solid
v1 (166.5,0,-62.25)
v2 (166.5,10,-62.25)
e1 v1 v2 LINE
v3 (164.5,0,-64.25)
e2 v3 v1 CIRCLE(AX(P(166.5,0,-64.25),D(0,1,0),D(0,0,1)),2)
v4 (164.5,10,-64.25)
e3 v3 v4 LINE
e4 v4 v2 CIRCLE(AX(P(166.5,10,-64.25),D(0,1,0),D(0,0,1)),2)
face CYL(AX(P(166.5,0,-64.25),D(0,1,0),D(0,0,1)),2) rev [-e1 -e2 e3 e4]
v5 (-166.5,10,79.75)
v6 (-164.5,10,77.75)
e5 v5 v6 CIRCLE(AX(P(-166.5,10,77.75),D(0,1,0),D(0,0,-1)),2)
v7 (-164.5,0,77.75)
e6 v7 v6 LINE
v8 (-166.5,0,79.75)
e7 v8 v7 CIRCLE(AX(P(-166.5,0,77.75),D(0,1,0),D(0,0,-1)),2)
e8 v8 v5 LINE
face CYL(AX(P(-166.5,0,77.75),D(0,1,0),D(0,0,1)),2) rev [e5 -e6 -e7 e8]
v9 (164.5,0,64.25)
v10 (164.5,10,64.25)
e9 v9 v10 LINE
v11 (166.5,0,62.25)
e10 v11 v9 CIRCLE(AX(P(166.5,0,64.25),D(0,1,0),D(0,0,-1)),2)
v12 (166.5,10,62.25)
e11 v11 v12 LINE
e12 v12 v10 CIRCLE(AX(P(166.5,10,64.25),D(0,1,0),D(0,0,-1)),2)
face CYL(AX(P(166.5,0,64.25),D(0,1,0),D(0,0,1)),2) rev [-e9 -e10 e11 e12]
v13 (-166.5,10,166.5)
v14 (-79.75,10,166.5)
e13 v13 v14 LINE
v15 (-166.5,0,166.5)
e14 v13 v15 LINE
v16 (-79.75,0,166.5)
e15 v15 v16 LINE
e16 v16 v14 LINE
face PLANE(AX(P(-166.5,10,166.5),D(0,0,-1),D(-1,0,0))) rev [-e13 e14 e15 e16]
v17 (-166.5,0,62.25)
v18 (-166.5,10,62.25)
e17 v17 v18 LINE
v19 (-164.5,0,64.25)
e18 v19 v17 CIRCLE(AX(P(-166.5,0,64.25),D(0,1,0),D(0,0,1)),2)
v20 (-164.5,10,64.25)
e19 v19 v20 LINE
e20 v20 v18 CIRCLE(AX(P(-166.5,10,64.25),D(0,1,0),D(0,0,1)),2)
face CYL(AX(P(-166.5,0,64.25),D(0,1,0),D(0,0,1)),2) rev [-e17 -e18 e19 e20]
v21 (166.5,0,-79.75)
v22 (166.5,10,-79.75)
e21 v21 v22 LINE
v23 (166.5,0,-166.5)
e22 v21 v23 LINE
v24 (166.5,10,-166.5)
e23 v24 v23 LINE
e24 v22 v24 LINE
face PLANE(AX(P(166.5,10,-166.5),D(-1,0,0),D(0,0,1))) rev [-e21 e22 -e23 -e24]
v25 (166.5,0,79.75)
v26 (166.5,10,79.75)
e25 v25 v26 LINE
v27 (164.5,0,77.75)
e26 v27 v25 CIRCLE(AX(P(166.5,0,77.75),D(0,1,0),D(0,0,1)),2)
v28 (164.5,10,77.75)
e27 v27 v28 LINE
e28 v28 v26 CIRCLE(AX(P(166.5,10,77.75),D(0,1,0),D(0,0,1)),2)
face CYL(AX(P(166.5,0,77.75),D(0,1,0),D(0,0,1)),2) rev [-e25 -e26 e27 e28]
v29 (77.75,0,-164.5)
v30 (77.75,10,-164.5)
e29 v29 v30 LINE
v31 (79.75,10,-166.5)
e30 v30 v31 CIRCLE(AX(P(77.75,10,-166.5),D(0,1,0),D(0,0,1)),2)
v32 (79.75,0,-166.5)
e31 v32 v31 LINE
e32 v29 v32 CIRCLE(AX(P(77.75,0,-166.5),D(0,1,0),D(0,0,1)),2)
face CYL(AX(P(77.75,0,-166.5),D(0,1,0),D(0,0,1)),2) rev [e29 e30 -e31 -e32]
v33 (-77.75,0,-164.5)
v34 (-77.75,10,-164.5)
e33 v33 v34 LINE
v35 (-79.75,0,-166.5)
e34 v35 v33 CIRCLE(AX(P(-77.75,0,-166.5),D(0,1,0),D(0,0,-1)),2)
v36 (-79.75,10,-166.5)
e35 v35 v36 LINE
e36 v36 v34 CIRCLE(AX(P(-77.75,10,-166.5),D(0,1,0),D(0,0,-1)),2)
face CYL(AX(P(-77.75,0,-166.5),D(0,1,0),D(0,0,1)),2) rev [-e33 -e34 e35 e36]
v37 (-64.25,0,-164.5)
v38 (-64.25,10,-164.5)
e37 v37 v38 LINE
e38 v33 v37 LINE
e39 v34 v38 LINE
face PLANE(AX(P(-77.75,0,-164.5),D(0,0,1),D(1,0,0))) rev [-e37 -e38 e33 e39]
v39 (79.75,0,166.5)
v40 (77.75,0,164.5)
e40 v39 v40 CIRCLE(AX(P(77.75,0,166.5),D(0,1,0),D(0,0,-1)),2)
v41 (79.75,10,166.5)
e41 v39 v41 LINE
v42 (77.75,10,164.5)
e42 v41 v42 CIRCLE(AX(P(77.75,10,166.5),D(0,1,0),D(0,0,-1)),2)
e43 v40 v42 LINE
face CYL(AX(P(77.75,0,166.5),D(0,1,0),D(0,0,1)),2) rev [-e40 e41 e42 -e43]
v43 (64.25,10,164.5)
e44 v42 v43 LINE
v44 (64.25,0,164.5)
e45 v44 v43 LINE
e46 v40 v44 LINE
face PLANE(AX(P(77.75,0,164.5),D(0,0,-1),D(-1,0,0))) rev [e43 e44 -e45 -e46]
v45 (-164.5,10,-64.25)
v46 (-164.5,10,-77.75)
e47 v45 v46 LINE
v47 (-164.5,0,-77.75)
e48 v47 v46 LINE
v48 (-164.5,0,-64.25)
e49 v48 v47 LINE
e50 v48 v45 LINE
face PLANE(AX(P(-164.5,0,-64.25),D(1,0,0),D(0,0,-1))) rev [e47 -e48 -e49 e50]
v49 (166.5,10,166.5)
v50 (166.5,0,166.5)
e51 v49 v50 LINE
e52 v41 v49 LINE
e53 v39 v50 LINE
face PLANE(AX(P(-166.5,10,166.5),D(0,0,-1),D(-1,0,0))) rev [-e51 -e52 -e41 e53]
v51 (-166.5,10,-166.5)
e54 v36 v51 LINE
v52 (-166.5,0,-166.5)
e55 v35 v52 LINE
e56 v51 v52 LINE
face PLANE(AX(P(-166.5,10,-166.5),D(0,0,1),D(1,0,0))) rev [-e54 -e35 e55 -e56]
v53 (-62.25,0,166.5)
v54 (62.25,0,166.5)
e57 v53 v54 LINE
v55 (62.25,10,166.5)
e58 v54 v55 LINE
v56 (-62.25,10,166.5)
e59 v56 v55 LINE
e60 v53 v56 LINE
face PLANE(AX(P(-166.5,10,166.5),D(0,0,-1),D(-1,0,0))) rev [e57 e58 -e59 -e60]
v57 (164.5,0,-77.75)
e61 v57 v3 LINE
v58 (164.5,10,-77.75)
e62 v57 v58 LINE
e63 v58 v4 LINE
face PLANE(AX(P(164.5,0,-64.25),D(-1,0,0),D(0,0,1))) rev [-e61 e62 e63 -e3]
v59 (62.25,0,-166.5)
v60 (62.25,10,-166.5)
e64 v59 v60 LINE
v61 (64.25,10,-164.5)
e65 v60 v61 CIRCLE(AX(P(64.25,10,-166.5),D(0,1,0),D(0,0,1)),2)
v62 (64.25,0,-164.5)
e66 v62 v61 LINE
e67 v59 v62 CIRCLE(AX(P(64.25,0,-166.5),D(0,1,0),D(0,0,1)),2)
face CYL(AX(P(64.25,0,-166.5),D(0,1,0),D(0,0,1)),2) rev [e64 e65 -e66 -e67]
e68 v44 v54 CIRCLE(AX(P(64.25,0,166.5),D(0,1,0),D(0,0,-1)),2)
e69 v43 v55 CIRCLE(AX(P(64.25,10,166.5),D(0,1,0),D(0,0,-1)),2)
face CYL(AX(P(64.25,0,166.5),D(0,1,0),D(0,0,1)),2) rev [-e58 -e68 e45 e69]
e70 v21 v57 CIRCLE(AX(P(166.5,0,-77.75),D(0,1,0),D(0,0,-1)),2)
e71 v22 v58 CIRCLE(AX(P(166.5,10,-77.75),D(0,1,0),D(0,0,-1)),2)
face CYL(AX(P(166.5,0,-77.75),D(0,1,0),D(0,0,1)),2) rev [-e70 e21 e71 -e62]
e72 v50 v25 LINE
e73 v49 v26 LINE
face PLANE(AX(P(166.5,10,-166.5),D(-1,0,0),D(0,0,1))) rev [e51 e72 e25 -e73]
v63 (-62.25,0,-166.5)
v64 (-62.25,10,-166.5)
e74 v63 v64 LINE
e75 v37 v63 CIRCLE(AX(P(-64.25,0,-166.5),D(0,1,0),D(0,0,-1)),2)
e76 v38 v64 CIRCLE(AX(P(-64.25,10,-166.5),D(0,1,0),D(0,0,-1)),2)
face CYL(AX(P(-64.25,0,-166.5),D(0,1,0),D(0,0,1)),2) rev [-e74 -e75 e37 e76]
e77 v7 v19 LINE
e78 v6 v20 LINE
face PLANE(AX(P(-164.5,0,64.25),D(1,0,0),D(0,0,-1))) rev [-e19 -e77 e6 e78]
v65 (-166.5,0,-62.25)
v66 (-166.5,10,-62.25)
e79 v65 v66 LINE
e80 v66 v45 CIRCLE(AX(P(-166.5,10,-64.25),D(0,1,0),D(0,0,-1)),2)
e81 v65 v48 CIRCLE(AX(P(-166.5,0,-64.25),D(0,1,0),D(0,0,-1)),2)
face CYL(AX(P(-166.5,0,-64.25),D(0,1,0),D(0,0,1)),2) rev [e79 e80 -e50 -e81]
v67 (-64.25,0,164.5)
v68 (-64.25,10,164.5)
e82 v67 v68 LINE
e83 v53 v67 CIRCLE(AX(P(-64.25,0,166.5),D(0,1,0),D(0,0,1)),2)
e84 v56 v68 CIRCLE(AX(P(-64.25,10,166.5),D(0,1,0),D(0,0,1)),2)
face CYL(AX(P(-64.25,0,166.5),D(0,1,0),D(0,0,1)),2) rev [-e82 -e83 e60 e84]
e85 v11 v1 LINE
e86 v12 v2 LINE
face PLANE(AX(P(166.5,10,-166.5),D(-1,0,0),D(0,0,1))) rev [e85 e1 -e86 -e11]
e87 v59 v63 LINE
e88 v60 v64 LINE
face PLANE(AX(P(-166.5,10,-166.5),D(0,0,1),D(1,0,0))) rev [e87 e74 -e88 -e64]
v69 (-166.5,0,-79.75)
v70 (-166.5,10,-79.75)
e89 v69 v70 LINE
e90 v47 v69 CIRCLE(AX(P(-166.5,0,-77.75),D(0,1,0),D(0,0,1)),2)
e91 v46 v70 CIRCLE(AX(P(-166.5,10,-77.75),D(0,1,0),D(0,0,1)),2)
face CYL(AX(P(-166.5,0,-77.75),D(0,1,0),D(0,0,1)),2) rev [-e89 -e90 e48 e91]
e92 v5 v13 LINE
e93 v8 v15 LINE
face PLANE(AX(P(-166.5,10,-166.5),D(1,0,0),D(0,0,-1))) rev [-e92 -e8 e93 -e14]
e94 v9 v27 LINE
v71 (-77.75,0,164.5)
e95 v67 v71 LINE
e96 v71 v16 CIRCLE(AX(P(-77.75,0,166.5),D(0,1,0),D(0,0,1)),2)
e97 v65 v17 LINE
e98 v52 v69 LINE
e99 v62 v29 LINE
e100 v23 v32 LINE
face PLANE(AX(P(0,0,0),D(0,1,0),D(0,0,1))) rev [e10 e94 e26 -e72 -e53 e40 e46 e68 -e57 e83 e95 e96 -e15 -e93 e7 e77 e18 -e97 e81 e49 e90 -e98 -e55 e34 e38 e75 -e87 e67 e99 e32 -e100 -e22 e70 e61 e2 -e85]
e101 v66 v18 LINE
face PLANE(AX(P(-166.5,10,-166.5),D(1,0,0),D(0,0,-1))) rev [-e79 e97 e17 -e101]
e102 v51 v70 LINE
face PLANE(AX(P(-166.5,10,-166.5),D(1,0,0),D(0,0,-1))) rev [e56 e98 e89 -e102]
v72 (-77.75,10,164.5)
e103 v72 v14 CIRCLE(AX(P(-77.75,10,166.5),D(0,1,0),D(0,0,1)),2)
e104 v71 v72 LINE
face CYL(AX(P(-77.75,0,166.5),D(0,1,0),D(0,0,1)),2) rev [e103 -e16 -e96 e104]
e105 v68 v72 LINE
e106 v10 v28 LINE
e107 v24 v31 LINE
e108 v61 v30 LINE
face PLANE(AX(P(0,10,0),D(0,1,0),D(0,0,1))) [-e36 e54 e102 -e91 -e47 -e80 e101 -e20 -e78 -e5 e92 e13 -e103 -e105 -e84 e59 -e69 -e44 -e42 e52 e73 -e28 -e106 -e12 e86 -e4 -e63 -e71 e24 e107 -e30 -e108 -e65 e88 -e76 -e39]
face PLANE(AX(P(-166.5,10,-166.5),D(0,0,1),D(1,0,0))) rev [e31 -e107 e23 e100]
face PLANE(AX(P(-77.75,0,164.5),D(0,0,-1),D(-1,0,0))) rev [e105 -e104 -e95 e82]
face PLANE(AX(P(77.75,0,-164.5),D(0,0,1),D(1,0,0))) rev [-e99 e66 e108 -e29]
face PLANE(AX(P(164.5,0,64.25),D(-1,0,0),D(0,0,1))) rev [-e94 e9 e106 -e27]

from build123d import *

# Parameters (mm, degrees)
SKETCH1_W           = 333
SKETCH1_H           = 333
BOSS_EXTRUDE1_DEPTH = 10
CUT_EXTRUDE1_DEPTH  = 11


with BuildPart() as part:
    # Sketch1 → Boss-Extrude1 (new body)
    with BuildSketch(Plane(origin=(0, 0, 0), x_dir=(1, 0, 0), z_dir=(0, 1, 0))):
        Rectangle(SKETCH1_W, SKETCH1_H)
    extrude(amount=BOSS_EXTRUDE1_DEPTH)

    # Sketch2 → Cut-Extrude1 (cut, through all)
    with BuildSketch(Plane(origin=(0, 10, 0), x_dir=(1, 0, 0), z_dir=(0, 1, 0))):
        with BuildLine():
            Line((-77.75, -164.5), (-64.25, -164.5))
            ThreePointArc((-64.25, -164.5), (-62.835786438, -165.085786438), (-62.25, -166.5))
            Line((-62.25, -166.5), (-62.25, -168.5))
            Line((-62.25, -168.5), (-79.75, -168.5))
            Line((-79.75, -168.5), (-79.75, -166.5))
            ThreePointArc((-79.75, -166.5), (-79.164213562, -165.085786438), (-77.75, -164.5))
        make_face()
        with BuildLine():
            Line((166.5, -62.25), (168.5, -62.25))
            Line((168.5, -62.25), (168.5, -79.75))
            Line((168.5, -79.75), (166.5, -79.75))
            ThreePointArc((166.5, -79.75), (165.085786438, -79.164213562), (164.5, -77.75))
            Line((164.5, -77.75), (164.5, -64.25))
            ThreePointArc((164.5, -64.25), (165.085786438, -62.835786438), (166.5, -62.25))
        make_face()
        with BuildLine():
            Line((62.25, -166.5), (62.25, -168.5))
            Line((62.25, -168.5), (79.75, -168.5))
            Line((79.75, -168.5), (79.75, -166.5))
            ThreePointArc((79.75, -166.5), (79.164213562, -165.085786438), (77.75, -164.5))
            Line((77.75, -164.5), (64.25, -164.5))
            ThreePointArc((64.25, -164.5), (62.835786438, -165.085786438), (62.25, -166.5))
        make_face()
        with BuildLine():
            Line((168.5, 62.25), (168.5, 79.75))
            Line((168.5, 79.75), (166.5, 79.75))
            ThreePointArc((166.5, 79.75), (165.085786438, 79.164213562), (164.5, 77.75))
            Line((164.5, 77.75), (164.5, 64.25))
            ThreePointArc((164.5, 64.25), (165.085786438, 62.835786438), (166.5, 62.25))
            Line((166.5, 62.25), (168.5, 62.25))
        make_face()
        with BuildLine():
            Line((-166.5, 62.25), (-168.5, 62.25))
            Line((-168.5, 62.25), (-168.5, 79.75))
            Line((-168.5, 79.75), (-166.5, 79.75))
            ThreePointArc((-166.5, 79.75), (-165.085786438, 79.164213562), (-164.5, 77.75))
            Line((-164.5, 77.75), (-164.5, 64.25))
            ThreePointArc((-164.5, 64.25), (-165.085786438, 62.835786438), (-166.5, 62.25))
        make_face()
        with BuildLine():
            Line((-168.5, -62.25), (-168.5, -79.75))
            Line((-168.5, -79.75), (-166.5, -79.75))
            ThreePointArc((-166.5, -79.75), (-165.085786438, -79.164213562), (-164.5, -77.75))
            Line((-164.5, -77.75), (-164.5, -64.25))
            ThreePointArc((-164.5, -64.25), (-165.085786438, -62.835786438), (-166.5, -62.25))
            Line((-166.5, -62.25), (-168.5, -62.25))
        make_face()
        with BuildLine():
            Line((77.75, 164.5), (64.25, 164.5))
            ThreePointArc((64.25, 164.5), (62.835786438, 165.085786438), (62.25, 166.5))
            Line((62.25, 166.5), (62.25, 168.5))
            Line((62.25, 168.5), (79.75, 168.5))
            Line((79.75, 168.5), (79.75, 166.5))
            ThreePointArc((79.75, 166.5), (79.164213562, 165.085786438), (77.75, 164.5))
        make_face()
        with BuildLine():
            Line((-62.25, 166.5), (-62.25, 168.5))
            Line((-62.25, 168.5), (-79.75, 168.5))
            Line((-79.75, 168.5), (-79.75, 166.5))
            ThreePointArc((-79.75, 166.5), (-79.164213562, 165.085786438), (-77.75, 164.5))
            Line((-77.75, 164.5), (-64.25, 164.5))
            ThreePointArc((-64.25, 164.5), (-62.835786438, 165.085786438), (-62.25, 166.5))
        make_face()
    extrude(amount=-CUT_EXTRUDE1_DEPTH, mode=Mode.SUBTRACT)


solid = part.part
